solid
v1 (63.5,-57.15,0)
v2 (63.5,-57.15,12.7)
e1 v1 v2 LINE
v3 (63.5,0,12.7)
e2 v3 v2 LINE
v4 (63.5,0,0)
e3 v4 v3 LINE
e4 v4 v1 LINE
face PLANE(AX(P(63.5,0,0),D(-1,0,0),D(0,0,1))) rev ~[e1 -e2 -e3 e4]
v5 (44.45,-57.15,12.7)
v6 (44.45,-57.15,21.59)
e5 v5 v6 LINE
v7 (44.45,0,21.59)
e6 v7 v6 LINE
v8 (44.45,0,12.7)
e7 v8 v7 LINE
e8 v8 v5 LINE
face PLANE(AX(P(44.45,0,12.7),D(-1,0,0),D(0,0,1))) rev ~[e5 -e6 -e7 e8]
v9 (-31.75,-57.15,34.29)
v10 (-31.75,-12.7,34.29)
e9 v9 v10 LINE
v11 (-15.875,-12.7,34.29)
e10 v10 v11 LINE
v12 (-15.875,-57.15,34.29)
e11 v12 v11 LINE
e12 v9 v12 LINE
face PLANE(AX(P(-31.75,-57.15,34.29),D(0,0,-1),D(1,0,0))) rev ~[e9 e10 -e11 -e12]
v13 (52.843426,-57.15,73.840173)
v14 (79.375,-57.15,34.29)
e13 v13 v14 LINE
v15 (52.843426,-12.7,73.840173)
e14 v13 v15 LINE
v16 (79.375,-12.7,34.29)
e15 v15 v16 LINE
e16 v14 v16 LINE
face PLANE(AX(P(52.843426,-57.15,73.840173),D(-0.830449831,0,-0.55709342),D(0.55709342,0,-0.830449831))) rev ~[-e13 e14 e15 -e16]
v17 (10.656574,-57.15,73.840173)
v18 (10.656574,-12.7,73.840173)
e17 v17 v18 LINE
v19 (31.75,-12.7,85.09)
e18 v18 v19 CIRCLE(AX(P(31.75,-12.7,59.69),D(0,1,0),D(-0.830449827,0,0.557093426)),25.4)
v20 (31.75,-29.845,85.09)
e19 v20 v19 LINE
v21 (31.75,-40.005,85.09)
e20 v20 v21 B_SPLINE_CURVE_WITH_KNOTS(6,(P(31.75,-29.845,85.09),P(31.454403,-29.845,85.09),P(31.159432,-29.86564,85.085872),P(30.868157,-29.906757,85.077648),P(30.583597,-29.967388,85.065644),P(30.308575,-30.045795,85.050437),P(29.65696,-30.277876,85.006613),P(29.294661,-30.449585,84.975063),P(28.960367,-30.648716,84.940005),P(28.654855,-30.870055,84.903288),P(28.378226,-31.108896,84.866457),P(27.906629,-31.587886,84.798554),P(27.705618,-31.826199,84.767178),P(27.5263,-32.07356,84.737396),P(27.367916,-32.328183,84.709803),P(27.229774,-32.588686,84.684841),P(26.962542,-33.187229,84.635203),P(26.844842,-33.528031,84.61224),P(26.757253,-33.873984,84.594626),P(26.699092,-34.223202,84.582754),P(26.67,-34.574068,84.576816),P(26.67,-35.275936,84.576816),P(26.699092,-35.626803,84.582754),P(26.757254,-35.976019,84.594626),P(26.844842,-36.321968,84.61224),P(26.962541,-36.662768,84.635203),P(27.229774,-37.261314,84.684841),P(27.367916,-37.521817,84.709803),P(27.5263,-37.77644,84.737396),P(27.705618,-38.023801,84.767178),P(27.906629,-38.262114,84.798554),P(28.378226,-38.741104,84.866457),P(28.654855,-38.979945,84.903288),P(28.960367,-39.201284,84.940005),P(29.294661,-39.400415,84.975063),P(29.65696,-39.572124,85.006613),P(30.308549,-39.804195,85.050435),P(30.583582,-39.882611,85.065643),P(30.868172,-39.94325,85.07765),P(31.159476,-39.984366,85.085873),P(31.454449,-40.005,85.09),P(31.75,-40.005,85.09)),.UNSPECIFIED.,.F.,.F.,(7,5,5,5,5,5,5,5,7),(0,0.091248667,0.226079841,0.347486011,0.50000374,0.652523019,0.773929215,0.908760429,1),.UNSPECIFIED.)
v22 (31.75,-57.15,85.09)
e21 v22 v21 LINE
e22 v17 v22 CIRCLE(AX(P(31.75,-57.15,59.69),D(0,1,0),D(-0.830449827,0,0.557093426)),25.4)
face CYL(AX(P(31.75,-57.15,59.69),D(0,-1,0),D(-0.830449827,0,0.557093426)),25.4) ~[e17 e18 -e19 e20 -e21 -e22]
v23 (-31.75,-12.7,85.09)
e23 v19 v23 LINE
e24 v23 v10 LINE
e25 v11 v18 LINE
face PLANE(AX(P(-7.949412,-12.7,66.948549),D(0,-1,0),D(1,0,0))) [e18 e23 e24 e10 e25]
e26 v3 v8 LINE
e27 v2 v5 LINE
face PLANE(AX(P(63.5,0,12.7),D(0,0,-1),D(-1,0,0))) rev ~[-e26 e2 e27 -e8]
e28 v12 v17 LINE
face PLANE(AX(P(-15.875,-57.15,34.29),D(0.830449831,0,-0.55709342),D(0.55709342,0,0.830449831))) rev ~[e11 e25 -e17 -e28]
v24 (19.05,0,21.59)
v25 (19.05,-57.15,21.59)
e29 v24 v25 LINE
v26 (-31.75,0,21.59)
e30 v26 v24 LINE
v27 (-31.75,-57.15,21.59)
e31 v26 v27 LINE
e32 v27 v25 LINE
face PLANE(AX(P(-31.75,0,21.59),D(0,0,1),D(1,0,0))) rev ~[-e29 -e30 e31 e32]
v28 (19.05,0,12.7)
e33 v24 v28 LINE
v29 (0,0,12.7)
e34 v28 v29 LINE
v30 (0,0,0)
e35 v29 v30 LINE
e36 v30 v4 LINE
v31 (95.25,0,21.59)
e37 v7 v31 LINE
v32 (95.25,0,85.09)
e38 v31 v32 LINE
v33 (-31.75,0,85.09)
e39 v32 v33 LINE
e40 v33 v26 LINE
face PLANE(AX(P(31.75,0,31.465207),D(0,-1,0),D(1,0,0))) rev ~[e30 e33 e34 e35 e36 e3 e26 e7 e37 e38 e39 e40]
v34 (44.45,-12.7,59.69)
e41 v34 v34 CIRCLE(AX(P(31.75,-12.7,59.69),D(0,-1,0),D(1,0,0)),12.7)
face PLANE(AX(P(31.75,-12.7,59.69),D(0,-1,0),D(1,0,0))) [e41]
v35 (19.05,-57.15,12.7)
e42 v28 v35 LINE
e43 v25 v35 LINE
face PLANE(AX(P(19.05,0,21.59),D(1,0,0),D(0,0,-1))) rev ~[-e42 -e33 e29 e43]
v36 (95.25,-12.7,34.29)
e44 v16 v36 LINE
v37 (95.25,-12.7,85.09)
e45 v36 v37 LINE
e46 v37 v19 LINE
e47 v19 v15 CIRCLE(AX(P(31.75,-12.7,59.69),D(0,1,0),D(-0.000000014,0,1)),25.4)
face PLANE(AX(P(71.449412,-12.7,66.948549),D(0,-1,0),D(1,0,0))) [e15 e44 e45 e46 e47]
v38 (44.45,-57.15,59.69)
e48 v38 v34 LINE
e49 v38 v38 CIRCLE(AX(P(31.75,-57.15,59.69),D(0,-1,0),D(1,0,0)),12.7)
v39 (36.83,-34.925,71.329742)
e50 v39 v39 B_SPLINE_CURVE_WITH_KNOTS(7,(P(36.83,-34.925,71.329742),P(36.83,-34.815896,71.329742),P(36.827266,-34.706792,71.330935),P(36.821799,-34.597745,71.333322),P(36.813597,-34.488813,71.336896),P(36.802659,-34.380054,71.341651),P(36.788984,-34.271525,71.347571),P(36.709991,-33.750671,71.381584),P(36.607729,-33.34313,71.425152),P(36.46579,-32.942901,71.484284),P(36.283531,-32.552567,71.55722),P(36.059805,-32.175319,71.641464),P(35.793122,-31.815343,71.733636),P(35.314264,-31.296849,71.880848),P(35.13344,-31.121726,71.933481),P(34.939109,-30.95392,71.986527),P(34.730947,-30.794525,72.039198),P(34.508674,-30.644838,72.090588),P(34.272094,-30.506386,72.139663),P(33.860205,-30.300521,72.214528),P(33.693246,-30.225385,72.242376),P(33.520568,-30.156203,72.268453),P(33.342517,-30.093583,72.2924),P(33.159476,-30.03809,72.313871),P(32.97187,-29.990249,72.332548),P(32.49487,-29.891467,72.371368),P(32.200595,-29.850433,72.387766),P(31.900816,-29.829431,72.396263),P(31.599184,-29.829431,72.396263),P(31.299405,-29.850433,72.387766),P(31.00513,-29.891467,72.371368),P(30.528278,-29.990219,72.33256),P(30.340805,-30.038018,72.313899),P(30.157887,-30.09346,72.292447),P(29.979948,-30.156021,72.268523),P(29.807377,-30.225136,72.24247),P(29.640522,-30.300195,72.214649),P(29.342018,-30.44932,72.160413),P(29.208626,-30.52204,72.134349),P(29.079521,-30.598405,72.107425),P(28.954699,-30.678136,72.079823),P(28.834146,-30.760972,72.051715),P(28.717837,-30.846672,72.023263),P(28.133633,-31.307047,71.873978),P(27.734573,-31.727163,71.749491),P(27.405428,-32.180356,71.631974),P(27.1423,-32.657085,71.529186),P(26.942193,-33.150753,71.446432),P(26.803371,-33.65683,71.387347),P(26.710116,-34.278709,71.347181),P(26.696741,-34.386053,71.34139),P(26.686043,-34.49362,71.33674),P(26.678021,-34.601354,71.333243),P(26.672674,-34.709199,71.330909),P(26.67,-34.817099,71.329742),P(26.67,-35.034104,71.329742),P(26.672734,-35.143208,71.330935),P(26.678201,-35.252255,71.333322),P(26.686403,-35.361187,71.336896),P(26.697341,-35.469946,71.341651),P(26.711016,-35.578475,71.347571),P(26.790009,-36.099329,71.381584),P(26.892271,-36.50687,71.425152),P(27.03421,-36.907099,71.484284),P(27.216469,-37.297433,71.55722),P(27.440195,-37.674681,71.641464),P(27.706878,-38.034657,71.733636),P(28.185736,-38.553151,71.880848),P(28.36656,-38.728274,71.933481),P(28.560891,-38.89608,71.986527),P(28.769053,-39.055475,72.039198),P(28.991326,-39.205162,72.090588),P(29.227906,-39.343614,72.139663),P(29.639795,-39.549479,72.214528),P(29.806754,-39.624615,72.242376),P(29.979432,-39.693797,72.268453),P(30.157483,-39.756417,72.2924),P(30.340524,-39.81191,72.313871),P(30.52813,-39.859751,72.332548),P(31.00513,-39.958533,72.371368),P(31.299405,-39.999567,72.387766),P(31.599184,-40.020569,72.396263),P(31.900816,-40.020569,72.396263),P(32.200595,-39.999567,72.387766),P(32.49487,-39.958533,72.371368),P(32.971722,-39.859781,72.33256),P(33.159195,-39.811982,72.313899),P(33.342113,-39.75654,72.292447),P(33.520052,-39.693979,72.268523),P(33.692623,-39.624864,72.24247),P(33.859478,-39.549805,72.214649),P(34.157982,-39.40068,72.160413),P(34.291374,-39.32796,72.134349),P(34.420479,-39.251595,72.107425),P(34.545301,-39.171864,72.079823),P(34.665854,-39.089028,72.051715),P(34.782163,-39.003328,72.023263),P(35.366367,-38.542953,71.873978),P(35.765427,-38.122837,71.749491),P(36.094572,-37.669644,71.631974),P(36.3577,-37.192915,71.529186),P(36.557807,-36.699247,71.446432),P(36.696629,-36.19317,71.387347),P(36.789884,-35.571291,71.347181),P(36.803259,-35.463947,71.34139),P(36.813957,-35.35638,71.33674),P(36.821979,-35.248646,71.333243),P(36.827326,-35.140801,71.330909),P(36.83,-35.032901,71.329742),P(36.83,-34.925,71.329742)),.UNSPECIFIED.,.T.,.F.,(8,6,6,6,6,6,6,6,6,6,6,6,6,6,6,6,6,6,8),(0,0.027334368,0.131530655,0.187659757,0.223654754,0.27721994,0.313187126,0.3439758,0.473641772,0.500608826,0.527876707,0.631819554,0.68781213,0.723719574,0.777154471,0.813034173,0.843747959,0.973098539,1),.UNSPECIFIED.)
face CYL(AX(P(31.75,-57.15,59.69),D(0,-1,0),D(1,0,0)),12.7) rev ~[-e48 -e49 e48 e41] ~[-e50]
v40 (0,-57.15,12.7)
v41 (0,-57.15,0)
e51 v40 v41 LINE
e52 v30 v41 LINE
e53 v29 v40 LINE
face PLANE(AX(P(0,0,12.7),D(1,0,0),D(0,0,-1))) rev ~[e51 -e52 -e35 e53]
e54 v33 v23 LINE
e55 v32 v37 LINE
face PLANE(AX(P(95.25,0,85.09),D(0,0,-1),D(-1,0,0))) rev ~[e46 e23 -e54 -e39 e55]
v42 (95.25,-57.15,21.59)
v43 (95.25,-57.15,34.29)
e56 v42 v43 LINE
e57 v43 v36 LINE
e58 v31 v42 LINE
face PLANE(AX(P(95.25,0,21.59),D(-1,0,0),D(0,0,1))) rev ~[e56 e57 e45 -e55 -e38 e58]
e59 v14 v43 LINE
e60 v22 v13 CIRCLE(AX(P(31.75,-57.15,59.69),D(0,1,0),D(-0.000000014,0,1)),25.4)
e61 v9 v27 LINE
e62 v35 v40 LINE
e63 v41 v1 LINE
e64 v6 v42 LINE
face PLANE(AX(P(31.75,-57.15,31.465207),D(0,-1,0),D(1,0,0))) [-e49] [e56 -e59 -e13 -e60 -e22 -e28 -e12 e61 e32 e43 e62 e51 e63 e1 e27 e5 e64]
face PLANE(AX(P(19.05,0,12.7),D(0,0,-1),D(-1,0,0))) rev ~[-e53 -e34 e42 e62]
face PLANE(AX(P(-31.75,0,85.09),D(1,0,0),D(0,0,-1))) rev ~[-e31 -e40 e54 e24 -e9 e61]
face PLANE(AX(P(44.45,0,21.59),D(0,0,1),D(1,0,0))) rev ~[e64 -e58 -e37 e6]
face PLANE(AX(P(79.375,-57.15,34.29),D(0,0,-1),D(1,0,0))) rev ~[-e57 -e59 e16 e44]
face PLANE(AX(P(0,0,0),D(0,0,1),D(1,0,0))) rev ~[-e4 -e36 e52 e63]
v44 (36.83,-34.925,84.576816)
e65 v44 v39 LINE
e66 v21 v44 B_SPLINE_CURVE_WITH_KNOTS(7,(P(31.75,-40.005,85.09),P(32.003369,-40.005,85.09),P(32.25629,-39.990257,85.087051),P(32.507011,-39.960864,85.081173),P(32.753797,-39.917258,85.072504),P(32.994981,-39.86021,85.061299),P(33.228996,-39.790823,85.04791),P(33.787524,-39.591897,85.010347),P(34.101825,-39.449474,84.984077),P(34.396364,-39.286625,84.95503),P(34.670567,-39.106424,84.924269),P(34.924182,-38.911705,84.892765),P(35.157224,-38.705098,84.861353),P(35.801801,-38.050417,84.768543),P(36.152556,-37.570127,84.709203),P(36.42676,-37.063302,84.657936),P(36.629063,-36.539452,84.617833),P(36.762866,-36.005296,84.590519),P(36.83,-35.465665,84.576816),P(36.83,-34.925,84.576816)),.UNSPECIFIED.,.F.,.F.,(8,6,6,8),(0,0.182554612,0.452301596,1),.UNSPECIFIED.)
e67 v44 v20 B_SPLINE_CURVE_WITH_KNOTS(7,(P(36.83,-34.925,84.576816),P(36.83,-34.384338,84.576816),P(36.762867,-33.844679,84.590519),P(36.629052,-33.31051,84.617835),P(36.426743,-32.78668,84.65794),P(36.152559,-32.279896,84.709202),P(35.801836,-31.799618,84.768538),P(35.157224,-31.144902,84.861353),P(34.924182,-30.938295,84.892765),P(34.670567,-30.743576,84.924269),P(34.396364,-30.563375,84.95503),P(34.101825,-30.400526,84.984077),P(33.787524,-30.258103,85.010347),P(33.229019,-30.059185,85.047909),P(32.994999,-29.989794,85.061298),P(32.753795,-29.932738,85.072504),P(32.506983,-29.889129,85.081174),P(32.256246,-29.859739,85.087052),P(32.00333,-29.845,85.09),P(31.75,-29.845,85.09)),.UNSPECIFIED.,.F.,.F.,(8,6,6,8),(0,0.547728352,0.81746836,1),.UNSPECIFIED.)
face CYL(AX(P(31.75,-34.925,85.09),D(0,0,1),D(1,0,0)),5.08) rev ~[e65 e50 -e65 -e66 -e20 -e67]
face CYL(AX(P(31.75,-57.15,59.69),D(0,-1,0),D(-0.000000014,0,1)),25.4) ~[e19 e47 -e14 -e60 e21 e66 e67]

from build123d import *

# Parameters (mm, degrees)
F1_DEPTH = 57.15
F2_R     = 12.7
F3_DEPTH = 44.45
F4_R     = 5.08
F5_DEPTH = 25.4


with BuildPart() as f1:
    # F0 (on Front) → F1 (new body)
    with BuildSketch(Plane.XZ):
        with BuildLine():
            Line((0, 12.7), (0, 0))
            Line((0, 0), (63.5, 0))
            Line((63.5, 0), (63.5, 12.7))
            Line((63.5, 12.7), (44.45, 12.7))
            Line((44.45, 12.7), (44.45, 21.59))
            Line((44.45, 21.59), (95.25, 21.59))
            Line((95.25, 21.59), (95.25, 34.29))
            Line((95.25, 34.29), (79.375, 34.29))
            Line((79.375, 34.29), (52.843426, 73.840173))
            ThreePointArc((52.843426, 73.840173), (43.702941, 82.101765), (31.75, 85.09))
            ThreePointArc((31.75, 85.09), (19.797059, 82.101765), (10.656574, 73.840173))
            Line((10.656574, 73.840173), (-15.875, 34.29))
            Line((-15.875, 34.29), (-31.75, 34.29))
            Line((-31.75, 34.29), (-31.75, 21.59))
            Line((-31.75, 21.59), (19.05, 21.59))
            Line((19.05, 21.59), (19.05, 12.7))
            Line((19.05, 12.7), (0, 12.7))
        make_face()
        with BuildLine():
            Line((-31.75, 85.09), (-31.75, 34.29))
            Line((-31.75, 34.29), (-15.875, 34.29))
            Line((-15.875, 34.29), (10.656574, 73.840173))
            ThreePointArc((10.656574, 73.840173), (19.797059, 82.101765), (31.75, 85.09))
            Line((31.75, 85.09), (-31.75, 85.09))
        make_face()
        with BuildLine():
            Line((79.375, 34.29), (95.25, 34.29))
            Line((95.25, 34.29), (95.25, 85.09))
            Line((95.25, 85.09), (31.75, 85.09))
            ThreePointArc((31.75, 85.09), (43.702941, 82.101765), (52.843426, 73.840173))
            Line((52.843426, 73.840173), (79.375, 34.29))
        make_face()
    extrude(amount=F1_DEPTH)

    # F2 (on face) → F3 (cut)
    with BuildSketch(Plane.XZ.offset(57.15)):
        with Locations((31.75, 59.69)):
            Circle(F2_R)
        with BuildLine():
            Line((95.25, 85.09), (31.75, 85.09))
            ThreePointArc((31.75, 85.09), (43.702941, 82.101765), (52.843426, 73.840173))
            Line((52.843426, 73.840173), (79.375, 34.29))
            Line((79.375, 34.29), (95.25, 34.29))
            Line((95.25, 34.29), (95.25, 85.09))
        make_face()
        with BuildLine():
            Line((-31.75, 85.09), (-31.75, 34.29))
            Line((-31.75, 34.29), (-15.875, 34.29))
            Line((-15.875, 34.29), (10.656574, 73.840173))
            ThreePointArc((10.656574, 73.840173), (19.797059, 82.101765), (31.75, 85.09))
            Line((31.75, 85.09), (-31.75, 85.09))
        make_face()
    extrude(amount=-F3_DEPTH, mode=Mode.SUBTRACT)

    # F4 (on face) → F5 (cut)
    with BuildSketch(Plane.XY.offset(85.09)):
        with Locations((31.75, -34.925)):
            Circle(F4_R)
    extrude(amount=-F5_DEPTH, mode=Mode.SUBTRACT)


solid = f1.part
